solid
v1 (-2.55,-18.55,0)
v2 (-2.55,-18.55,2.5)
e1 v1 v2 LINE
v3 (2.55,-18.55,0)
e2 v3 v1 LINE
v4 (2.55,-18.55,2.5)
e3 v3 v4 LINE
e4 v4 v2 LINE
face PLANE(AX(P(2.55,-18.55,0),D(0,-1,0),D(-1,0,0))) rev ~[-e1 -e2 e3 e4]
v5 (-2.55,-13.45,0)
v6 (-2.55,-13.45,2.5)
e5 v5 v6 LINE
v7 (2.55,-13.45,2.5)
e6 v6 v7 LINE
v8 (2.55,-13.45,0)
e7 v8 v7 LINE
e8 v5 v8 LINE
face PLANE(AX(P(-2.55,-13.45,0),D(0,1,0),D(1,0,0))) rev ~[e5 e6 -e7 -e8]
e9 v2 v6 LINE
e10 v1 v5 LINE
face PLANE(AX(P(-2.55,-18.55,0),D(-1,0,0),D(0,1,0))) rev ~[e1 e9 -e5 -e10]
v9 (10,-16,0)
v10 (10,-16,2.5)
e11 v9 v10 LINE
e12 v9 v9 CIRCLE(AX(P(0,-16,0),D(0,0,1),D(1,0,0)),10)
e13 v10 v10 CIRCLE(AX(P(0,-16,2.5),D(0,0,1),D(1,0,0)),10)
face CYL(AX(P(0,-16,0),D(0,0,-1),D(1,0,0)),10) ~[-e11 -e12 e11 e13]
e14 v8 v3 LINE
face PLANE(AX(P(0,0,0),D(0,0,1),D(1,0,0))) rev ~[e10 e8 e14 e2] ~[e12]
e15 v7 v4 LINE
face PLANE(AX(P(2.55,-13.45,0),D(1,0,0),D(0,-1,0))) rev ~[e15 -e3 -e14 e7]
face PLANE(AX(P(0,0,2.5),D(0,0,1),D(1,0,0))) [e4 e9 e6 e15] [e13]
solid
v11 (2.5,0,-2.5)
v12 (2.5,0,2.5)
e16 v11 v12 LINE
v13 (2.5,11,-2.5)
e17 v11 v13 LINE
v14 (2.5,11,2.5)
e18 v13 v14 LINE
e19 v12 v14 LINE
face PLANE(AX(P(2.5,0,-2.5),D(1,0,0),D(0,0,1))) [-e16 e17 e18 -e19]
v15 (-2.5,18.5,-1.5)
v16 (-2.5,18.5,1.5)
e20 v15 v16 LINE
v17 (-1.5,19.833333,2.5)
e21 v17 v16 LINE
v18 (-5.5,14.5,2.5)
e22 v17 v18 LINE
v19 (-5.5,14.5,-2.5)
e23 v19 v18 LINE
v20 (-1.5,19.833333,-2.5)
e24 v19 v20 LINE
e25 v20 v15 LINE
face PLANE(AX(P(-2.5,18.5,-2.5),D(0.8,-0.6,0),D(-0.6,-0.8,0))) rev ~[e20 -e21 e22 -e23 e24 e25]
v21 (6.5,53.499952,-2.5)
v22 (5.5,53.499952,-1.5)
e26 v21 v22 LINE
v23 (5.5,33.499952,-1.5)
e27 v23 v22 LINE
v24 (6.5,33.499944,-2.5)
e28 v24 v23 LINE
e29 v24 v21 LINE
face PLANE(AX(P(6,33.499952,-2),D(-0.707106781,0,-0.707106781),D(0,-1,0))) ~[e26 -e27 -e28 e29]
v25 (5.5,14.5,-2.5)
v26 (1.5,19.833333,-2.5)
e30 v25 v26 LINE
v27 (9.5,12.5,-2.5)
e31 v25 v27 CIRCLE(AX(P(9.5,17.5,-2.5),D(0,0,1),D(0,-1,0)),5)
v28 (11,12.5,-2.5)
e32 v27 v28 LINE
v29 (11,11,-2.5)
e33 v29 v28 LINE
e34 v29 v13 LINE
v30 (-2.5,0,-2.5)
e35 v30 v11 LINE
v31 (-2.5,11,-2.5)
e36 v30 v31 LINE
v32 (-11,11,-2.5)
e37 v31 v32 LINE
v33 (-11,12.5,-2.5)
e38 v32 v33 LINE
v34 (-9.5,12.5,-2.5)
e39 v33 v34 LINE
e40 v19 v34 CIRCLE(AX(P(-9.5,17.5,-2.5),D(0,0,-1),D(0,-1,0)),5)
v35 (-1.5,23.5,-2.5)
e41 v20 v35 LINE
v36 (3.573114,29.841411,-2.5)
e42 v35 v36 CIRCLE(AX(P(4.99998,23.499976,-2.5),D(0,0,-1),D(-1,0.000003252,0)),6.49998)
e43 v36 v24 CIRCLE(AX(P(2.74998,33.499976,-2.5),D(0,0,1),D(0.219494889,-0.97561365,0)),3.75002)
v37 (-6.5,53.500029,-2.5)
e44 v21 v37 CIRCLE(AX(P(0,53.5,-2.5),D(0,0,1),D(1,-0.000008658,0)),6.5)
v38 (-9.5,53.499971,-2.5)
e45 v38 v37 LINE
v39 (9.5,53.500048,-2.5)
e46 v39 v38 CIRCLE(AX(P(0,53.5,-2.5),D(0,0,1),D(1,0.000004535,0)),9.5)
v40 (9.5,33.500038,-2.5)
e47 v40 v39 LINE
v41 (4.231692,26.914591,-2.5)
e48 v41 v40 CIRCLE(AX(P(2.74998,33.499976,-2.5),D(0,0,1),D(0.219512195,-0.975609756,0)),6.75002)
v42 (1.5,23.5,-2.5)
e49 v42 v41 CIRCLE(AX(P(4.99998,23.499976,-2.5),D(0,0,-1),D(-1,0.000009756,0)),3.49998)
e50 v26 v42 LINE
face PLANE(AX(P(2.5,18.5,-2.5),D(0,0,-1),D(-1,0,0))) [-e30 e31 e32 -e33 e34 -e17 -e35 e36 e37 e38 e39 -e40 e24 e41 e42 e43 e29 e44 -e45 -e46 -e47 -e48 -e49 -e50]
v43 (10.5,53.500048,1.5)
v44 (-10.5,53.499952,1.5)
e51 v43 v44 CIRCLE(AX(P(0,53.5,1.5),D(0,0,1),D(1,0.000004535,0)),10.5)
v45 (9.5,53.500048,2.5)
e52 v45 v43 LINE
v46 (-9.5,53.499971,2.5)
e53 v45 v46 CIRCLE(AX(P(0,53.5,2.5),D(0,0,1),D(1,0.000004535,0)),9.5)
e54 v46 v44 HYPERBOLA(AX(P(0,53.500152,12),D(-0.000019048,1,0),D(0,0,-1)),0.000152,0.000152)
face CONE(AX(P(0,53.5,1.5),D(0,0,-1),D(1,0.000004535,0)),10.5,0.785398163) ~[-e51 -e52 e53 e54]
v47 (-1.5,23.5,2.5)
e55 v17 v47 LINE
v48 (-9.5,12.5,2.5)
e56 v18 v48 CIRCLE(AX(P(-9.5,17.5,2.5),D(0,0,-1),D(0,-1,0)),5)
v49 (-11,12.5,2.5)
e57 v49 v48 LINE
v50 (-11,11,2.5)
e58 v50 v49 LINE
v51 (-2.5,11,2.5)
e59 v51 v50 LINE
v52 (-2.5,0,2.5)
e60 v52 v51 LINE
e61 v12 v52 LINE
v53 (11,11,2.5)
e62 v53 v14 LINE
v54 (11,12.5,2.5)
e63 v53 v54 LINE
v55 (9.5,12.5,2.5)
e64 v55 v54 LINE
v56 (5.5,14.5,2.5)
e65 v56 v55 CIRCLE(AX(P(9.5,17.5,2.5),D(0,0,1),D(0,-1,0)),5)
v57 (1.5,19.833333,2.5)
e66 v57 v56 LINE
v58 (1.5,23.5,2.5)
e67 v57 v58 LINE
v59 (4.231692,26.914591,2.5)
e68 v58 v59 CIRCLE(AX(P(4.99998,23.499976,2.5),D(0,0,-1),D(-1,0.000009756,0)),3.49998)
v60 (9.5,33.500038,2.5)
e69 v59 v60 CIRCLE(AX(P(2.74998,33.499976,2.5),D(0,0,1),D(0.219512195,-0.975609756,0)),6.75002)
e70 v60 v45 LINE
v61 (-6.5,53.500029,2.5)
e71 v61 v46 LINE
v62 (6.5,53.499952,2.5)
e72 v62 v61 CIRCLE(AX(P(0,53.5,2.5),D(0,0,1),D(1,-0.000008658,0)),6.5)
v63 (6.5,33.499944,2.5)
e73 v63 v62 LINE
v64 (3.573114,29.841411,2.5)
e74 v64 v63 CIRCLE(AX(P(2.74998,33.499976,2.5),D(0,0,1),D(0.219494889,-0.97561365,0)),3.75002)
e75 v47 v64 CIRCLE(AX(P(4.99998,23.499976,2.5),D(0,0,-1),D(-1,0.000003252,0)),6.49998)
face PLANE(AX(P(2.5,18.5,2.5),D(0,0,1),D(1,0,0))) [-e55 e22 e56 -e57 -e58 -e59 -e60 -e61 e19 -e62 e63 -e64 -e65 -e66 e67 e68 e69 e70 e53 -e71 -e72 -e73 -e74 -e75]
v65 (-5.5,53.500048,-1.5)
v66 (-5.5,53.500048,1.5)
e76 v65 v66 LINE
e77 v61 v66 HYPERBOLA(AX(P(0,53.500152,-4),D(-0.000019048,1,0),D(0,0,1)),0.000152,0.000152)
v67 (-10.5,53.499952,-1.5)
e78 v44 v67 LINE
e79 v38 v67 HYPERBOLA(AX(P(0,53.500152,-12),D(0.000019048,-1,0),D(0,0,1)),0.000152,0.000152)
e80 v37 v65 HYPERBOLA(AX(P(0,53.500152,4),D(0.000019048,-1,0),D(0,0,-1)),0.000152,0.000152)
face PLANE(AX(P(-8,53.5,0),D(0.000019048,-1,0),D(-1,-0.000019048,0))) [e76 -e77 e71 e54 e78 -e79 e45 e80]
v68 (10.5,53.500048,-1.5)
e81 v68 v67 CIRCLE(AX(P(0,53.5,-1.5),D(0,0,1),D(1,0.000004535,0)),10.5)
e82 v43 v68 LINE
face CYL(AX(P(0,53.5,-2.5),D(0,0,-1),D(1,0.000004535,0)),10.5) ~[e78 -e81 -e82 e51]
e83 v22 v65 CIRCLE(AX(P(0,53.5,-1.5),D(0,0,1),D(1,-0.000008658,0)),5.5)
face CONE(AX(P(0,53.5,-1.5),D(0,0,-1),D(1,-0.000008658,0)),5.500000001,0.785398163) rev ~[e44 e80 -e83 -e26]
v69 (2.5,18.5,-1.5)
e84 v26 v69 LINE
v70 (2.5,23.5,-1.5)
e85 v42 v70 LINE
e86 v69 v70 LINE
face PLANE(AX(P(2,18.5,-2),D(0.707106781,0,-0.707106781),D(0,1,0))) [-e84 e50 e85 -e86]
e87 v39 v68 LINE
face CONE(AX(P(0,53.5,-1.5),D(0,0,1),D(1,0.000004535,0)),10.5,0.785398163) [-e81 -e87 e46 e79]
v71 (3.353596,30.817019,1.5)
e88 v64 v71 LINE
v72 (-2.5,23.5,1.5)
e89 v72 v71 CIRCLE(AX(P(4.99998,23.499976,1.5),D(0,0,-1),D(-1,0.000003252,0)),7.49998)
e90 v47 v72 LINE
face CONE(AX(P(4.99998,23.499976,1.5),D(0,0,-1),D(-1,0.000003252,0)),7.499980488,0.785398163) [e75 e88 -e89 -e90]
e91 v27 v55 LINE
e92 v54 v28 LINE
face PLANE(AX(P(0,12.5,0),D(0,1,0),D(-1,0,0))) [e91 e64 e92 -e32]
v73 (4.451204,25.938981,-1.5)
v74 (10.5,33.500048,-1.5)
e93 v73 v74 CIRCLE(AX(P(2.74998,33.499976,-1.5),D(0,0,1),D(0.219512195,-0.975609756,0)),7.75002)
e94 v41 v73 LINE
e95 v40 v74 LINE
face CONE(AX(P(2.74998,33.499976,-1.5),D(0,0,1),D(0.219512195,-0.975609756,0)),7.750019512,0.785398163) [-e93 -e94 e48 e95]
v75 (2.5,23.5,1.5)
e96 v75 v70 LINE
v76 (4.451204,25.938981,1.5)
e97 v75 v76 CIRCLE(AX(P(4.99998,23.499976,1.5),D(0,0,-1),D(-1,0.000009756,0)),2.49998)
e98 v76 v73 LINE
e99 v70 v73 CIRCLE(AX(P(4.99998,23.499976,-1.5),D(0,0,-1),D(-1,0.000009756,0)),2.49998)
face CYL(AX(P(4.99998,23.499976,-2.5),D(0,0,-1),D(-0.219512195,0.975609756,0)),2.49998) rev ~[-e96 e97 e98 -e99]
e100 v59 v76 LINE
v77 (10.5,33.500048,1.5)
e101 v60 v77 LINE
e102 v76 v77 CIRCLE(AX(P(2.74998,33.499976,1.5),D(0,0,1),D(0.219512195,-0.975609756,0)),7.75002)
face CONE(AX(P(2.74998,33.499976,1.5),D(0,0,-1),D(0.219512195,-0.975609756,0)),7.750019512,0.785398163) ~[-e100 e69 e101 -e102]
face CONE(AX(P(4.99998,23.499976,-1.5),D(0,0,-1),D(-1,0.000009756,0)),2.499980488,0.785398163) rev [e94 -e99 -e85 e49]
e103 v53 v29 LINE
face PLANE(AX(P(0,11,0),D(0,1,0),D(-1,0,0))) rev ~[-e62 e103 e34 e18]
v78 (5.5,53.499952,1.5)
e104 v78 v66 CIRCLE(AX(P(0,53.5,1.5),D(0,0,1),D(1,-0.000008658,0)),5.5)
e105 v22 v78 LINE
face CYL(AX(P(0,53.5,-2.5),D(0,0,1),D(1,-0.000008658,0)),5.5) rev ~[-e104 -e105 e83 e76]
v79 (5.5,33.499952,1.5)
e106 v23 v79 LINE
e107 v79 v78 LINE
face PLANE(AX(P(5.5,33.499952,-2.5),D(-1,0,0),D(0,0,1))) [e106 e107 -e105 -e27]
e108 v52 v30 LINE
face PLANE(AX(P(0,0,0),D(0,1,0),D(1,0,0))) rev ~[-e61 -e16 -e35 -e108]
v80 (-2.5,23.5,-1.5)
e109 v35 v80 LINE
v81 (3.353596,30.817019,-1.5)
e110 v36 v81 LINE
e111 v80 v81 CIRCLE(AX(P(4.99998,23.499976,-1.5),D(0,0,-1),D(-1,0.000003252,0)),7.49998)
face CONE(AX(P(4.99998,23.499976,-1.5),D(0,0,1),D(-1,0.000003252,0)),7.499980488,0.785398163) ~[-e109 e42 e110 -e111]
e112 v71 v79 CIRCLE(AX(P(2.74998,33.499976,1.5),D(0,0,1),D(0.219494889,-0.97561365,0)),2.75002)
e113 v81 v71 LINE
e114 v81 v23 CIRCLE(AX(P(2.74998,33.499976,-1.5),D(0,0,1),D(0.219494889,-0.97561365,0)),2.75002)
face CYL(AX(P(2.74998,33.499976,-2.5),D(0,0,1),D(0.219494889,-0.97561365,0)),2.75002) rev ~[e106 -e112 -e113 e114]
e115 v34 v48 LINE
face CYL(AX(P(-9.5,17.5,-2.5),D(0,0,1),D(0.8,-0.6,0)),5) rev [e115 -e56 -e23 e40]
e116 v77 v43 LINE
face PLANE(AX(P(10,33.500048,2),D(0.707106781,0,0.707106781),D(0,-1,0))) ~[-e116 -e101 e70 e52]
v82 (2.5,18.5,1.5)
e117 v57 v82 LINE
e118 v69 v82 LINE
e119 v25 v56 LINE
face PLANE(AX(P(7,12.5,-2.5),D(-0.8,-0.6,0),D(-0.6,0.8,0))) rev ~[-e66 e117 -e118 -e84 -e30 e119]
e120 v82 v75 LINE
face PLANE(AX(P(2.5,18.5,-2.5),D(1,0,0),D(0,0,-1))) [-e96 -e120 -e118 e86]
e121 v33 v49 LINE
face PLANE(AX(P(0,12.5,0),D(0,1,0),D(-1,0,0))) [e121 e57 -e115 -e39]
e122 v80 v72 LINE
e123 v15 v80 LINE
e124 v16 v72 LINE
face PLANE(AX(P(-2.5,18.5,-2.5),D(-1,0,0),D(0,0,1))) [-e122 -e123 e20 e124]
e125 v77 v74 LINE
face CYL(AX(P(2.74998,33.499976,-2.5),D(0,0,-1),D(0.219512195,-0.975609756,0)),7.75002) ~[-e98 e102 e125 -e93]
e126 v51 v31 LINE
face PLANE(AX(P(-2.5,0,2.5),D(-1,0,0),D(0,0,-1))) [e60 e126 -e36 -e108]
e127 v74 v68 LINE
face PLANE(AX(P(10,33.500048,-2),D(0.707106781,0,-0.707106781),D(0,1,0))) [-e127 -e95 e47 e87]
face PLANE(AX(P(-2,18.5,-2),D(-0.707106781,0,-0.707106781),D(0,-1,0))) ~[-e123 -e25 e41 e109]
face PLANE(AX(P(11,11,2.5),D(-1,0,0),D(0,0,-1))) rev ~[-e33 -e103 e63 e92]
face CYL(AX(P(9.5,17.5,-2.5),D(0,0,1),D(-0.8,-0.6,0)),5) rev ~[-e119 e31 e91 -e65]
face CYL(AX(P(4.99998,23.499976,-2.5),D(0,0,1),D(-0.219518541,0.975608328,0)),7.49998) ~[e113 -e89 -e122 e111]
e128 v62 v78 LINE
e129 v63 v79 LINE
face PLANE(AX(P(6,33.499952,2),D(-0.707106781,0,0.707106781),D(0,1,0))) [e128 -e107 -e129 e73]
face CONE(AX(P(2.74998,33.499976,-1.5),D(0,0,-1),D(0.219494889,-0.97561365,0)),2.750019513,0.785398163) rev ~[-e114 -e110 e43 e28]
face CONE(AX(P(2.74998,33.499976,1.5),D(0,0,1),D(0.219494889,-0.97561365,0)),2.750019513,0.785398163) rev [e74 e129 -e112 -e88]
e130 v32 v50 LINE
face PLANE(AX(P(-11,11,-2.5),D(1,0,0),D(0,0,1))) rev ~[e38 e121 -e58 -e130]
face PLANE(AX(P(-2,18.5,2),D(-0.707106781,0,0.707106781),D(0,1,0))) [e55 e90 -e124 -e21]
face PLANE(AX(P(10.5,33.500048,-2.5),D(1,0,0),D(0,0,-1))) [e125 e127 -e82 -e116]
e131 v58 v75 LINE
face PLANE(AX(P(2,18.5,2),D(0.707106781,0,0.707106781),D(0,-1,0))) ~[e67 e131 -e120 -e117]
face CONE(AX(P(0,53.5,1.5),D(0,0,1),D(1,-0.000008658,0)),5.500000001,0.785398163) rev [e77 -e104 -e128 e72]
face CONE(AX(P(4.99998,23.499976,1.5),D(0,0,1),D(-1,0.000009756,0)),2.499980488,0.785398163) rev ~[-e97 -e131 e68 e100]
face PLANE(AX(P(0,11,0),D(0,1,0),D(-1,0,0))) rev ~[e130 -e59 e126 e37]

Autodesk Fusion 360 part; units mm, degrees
sketch "Skizze1" plane through (0, 0, 0) normal (0, 1, 0) x (1, 0, 0)
  line L0 (-2.5, 2.5) -> (2.5, 2.5)
  line L1 (2.5, 2.5) -> (2.5, -2.5)
  line L2 (2.5, -2.5) -> (-2.5, -2.5)
  line L3 (-2.5, -2.5) -> (-2.5, 2.5)
  line L4 (-2.5, 2.5) -> (2.5, -2.5) construction
  line L5 (2.5, 2.5) -> (-2.5, -2.5) construction
  dimension "d1" = 5
extrude "Extrusion1" add sketch "Skizze1" along normal blind 11 makes body 1
sketch "Skizze2" plane through (0, 11, 0) normal (0, 1, 0) x (-1, 0, 0)
  line L0 (2.5, 2.5) -> (-2.5, 2.5)
  line L1 (-2.5, 2.5) -> (-2.5, -2.5)
  line L2 (-2.5, -2.5) -> (2.5, -2.5)
  line L3 (2.5, -2.5) -> (2.5, 2.5)
  line L4 (-11, -2.5) -> (11, -2.5)
  line L5 (11, -2.5) -> (11, 2.5)
  line L6 (11, 2.5) -> (-11, 2.5)
  line L7 (-11, 2.5) -> (-11, -2.5)
  line L8 (-11, -2.5) -> (11, 2.5) construction
  line L9 (11, -2.5) -> (-11, 2.5) construction
  dimension "d4" = 22
extrude "Extrusion2" add sketch "Skizze2" along normal blind 1.5 bodies 1
sketch "Skizze3" plane through (0, 0, -2.5) normal (0, 0, -1) x (-1, 0, 0)
  line L0 (-2.5, 0) -> (2.5, 0)
  line L1 (2.5, 0) -> (2.5, 11)
  line L2 (2.5, 11) -> (11, 11)
  line L3 (11, 11) -> (11, 12.5)
  line L4 (11, 12.5) -> (-11, 12.5)
  line L5 (-11, 12.5) -> (-11, 11)
  line L6 (-11, 11) -> (-2.5, 11)
  line L7 (-2.5, 11) -> (-2.5, 0)
  line L8 (-7, 12.5) -> (-2.5, 18.5)
  line L9 (-2.5, 18.5) -> (2.5, 18.5)
  line L10 (2.5, 18.5) -> (7, 12.5)
  line L11 (0, 18.5) -> (0, 12.5) construction
  dimension "d7" = 6
  dimension "d8" = 14
extrude "Extrusion3" add sketch "Skizze3" against normal blind 5 contours L4 L8 L9 L10 bodies 1
sketch "Skizze4" plane through (0, 0, 0) normal (0, 0, 1) x (1, 0, 0)
  line L0 (0, 18.5) -> (0, 23.5)
  arc A0 (3.9024, 28.378) -> (0, 23.5) centre (5, 23.5) ccw
  arc A1 (3.9024, 28.378) -> (8, 33.5) centre (2.75, 33.5) ccw
  line L1 (8, 33.5) -> (8, 53.5)
  arc A2 (8, 53.5) -> (-8, 53.5) centre (0, 53.5) ccw
  line L2 (2.5, 18.5) -> (-2.5, 18.5)
  dimension "d11" = 2.5
  dimension "d12" = 5
  dimension "d13" = 20
  dimension "d14" = 8
  dimension "d15" = 5
  dimension "d16" = 15
sweep "Sweeping1" add 1 faces at (0.8333, 18.5, -0.8333) path "Skizze4" along L0 A0 A1 L1 A2 on bodies 1 bodies 1
chamfer "Fase1" distance 1 angle 45 20 edges at (-0.8565, 28.1852, 2.5) (4.8974, 31.7821, 2.5) (5.5, 43.5, 2.5) (0, 59, 2.5) (-2.5, 21, 2.5) (8.8017, 28.6586, 2.5) (10.5, 43.5, 2.5) (0, 64, 2.5) (2.5, 21, 2.5) (3.0478, 25.0617, 2.5) (-0.8565, 28.1852, -2.5) (4.8974, 31.7821, -2.5) (5.5, 43.5, -2.5) (0, 59, -2.5) (-2.5, 21, -2.5) (3.0478, 25.0617, -2.5) (8.8017, 28.6586, -2.5) (10.5, 43.5, -2.5) (0, 64, -2.5) (2.5, 21, -2.5) on bodies 1
sketch "Skizze5" plane through (0, 0, 0) normal (0, 0, 1) x (1, 0, 0)
  circle A0 centre (0, -16) radius 10
  line L0 (-2.55, -13.45) -> (2.55, -13.45)
  line L1 (2.55, -13.45) -> (2.55, -18.55)
  line L2 (2.55, -18.55) -> (-2.55, -18.55)
  line L3 (-2.55, -18.55) -> (-2.55, -13.45)
  line L4 (-2.55, -13.45) -> (2.55, -18.55) construction
  line L5 (2.55, -13.45) -> (-2.55, -18.55) construction
  point P0 (0, -16)
  dimension "d24" = 20
  dimension "d25" = 5.1
  dimension "d26" = 16
extrude "Extrusion4" add sketch "Skizze5" along normal up to surface (2.5 mm away) separate body makes body 2
fillet "Abrundung1" radius 5 2 edges at (-7, 12.5, 0) (7, 12.5, 0) on bodies 1
